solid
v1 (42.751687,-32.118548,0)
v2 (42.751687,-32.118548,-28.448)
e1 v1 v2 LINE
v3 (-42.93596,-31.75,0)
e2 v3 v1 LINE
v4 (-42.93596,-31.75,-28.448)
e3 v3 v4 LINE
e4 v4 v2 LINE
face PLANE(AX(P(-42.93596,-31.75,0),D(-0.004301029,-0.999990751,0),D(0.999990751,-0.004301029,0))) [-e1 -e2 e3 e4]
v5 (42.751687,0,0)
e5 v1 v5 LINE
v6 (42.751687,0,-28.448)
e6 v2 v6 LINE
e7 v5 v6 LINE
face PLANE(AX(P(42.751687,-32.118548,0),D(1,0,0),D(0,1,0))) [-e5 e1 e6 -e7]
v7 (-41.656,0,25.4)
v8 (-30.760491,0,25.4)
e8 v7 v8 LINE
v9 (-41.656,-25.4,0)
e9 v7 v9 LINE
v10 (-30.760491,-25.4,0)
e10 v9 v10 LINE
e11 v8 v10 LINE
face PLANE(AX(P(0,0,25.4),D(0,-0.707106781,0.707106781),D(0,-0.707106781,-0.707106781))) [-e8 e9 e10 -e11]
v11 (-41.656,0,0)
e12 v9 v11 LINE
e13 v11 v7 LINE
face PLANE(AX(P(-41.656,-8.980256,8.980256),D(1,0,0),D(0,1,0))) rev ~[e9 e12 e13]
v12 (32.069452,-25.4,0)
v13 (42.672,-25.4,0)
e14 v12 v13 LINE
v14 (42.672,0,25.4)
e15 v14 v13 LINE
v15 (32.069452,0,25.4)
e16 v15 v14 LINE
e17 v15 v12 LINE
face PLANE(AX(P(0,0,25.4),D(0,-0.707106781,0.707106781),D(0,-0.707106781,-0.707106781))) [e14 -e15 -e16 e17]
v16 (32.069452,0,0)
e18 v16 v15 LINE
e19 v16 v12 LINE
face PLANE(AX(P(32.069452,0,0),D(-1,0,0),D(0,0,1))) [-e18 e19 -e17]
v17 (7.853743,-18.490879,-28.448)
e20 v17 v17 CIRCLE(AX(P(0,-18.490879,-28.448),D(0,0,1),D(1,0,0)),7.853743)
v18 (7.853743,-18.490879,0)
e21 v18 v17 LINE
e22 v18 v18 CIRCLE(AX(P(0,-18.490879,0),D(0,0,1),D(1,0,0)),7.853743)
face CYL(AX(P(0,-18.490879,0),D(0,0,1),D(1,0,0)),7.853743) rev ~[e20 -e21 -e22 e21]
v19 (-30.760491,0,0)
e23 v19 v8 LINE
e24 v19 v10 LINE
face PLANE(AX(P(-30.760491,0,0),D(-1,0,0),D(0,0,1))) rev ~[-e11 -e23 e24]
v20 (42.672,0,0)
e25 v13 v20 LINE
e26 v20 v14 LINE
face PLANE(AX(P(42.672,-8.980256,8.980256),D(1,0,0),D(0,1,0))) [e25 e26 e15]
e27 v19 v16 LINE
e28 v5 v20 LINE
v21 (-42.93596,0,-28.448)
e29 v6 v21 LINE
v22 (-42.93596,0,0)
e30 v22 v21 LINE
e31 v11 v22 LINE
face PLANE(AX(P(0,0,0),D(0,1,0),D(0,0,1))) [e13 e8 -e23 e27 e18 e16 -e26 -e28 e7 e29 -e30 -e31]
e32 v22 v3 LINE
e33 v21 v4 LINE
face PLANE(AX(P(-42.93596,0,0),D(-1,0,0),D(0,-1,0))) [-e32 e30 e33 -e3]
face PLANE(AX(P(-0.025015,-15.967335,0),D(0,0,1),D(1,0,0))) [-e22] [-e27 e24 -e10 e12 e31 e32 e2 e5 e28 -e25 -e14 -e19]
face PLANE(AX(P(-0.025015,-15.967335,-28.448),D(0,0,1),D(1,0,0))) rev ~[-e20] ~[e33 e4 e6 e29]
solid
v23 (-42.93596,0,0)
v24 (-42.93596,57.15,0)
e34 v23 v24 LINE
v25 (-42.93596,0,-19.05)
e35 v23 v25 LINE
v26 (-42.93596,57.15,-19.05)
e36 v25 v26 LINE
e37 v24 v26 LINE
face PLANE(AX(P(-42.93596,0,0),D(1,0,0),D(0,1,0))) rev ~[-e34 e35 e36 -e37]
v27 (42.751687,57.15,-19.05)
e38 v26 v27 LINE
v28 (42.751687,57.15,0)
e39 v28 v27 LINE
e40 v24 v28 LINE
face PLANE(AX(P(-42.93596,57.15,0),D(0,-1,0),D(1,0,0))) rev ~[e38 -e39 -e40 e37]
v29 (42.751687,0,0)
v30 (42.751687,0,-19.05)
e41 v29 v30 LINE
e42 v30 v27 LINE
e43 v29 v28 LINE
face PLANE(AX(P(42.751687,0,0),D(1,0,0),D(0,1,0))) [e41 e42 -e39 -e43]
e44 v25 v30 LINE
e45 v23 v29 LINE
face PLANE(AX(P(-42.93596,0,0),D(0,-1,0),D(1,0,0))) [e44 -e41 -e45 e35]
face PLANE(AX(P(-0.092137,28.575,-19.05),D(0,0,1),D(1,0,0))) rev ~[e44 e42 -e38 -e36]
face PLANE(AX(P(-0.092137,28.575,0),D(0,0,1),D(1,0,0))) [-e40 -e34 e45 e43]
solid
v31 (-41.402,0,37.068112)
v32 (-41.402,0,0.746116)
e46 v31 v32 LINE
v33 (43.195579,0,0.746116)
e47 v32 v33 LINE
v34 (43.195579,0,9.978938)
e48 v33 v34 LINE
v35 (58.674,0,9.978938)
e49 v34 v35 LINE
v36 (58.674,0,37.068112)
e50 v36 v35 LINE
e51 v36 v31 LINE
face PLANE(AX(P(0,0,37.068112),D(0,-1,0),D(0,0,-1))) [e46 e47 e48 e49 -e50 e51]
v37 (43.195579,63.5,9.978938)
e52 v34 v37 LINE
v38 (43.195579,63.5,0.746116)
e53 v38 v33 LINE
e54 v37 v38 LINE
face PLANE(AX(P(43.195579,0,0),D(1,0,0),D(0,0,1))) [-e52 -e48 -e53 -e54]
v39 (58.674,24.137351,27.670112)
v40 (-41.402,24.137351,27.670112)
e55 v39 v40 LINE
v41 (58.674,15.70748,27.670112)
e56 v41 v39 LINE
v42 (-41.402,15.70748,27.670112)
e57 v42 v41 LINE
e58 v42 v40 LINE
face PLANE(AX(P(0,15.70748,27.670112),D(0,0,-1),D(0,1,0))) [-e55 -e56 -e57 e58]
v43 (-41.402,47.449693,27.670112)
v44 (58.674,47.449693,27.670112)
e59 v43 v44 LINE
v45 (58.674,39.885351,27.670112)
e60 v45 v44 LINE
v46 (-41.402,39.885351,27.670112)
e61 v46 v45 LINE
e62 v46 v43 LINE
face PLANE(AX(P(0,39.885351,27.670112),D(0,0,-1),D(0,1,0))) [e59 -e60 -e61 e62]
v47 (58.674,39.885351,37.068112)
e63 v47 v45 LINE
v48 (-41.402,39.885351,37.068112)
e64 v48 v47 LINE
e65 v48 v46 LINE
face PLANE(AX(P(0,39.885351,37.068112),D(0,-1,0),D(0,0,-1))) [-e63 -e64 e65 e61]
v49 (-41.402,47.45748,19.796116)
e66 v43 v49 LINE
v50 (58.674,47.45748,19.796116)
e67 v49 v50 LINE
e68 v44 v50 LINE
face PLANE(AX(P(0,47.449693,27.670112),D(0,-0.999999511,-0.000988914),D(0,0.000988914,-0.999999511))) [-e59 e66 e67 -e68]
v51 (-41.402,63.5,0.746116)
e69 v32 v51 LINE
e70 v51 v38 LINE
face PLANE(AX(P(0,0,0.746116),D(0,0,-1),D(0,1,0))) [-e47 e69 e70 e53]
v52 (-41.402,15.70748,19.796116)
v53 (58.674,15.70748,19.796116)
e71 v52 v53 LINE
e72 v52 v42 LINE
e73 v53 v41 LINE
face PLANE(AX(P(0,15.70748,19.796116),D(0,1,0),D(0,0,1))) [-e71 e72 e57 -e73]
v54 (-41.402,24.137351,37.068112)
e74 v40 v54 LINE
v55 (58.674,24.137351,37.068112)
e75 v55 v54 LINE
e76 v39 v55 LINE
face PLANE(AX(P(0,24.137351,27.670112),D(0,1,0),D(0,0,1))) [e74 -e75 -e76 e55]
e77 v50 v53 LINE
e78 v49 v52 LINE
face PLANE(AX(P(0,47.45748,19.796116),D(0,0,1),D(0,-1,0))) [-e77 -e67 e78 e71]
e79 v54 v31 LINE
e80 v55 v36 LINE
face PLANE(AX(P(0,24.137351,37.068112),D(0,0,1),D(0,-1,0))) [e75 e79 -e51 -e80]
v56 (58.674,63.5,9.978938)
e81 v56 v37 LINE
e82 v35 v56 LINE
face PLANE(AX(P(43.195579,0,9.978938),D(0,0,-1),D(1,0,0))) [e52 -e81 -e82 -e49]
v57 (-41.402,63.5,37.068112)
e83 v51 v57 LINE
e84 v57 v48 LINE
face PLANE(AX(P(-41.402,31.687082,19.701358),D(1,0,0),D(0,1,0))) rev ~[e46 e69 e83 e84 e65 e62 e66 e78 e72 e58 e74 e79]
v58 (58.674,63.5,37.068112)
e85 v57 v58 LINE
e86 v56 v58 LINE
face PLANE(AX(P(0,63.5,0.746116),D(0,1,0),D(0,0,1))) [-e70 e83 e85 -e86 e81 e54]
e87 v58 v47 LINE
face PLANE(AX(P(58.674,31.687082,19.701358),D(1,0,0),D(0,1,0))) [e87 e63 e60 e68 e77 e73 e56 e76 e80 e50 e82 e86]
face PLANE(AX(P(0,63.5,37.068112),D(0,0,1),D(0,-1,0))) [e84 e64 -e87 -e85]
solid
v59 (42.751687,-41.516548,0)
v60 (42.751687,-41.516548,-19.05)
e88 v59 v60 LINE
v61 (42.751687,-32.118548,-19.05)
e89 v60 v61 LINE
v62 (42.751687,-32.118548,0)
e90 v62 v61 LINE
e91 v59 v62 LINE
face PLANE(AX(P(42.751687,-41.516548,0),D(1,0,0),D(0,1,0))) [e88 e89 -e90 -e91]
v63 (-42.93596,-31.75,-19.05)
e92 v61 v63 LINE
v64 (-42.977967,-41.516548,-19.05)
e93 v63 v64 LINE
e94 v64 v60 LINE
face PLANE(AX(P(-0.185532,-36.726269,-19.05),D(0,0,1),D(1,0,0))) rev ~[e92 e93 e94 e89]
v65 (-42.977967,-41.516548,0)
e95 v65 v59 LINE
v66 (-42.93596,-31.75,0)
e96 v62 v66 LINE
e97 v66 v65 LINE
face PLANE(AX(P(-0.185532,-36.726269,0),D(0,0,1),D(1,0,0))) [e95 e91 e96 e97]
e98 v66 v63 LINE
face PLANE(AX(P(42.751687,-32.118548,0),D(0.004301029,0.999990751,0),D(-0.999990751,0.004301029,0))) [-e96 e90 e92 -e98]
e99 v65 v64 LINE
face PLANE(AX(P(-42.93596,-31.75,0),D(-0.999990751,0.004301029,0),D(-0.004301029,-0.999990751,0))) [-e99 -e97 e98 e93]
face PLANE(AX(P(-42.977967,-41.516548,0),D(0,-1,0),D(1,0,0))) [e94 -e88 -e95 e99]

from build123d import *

# Parameters (mm, degrees)
F0_W           = 85.6876475524
F0_H           = 57.15
F1_DEPTH       = 19.05
F2_DEPTH       = 19.05
F3_DEPTH       = 28.448
F5_DEPTH       = 42.672
F5_DEPTH_BACK  = 41.656
F6_W           = 62.8299433738
F6_H           = 26.9953813404
F7_DEPTH       = 187.452
F9_DEPTH       = 58.674
F9_DEPTH_BACK  = 41.402
F10_W          = 17.01644063
F10_H          = 9.9789379165
F11_DEPTH      = 129.286
F12_R          = 7.8537426889
F13_DEPTH      = 60.706
F13_DEPTH_BACK = 80.518


with BuildPart() as f1:
    # F0 (on Top) → F1 (new body)
    with BuildSketch(Plane.XY):
        with Locations((-0.0921365968, 28.575)):
            Rectangle(F0_W, F0_H)
    extrude(amount=-F1_DEPTH)


with BuildPart() as f2:
    # F0 (on Top) → F2 (new body)
    with BuildSketch(Plane.XY):
        Polygon((42.7516871794, -32.1185484849), (-42.935960373, -31.75), (-42.9779669719, -41.5165484849), (42.7516871794, -41.5165484849), align=None)
    extrude(amount=-F2_DEPTH)


with BuildPart() as f3:
    # F0 (on Top) → F3 (new body)
    with BuildSketch(Plane.XY):
        Polygon((42.7516871794, 0), (-42.935960373, 0), (-42.935960373, -31.75), (42.7516871794, -32.1185484849), align=None)
    extrude(amount=-F3_DEPTH)

    # F4 (on Right) → F5 (join, two sides)
    with BuildSketch(Plane.YZ) as f5_sk:
        Polygon((-25.4, 0), (0, 0), (0, 25.4), align=None)
    extrude(amount=F5_DEPTH)
    extrude(f5_sk.sketch, amount=-F5_DEPTH_BACK)

    # F6 (on Front) → F7 (cut)
    with BuildSketch(Plane.XZ):
        with Locations((0.6544804201, 13.4976906702)):
            Rectangle(F6_W, F6_H)
    extrude(amount=F7_DEPTH, mode=Mode.SUBTRACT)

    # F12 (on Top) → F13 (cut, two sides)
    with BuildSketch(Plane.XY) as f13_sk:
        with Locations((0, -18.4908788651)):
            Circle(F12_R)
    extrude(amount=F13_DEPTH, mode=Mode.SUBTRACT)
    extrude(f13_sk.sketch, amount=-F13_DEPTH_BACK, mode=Mode.SUBTRACT)


with BuildPart() as f9:
    # F8 (on Right) → F9 (new body, two sides)
    with BuildSketch(Plane.YZ) as f9_sk:
        Polygon((0, 37.0681124274), (0, 0.7461162776), (63.5, 0.7461162776), (63.5, 37.0681124274), (39.8853512744, 37.0681124274), (39.8853512744, 27.6701124274), (47.4496930838, 27.6701124274), (47.4574797899, 19.7961162776), (15.7074797899, 19.7961162776), (15.7074797899, 27.6701124274), (24.1373512744, 27.6701124274), (24.1373512744, 37.0681124274), align=None)
    extrude(amount=F9_DEPTH)
    extrude(f9_sk.sketch, amount=-F9_DEPTH_BACK)

    # F10 (on Front) → F11 (cut)
    with BuildSketch(Plane.XZ):
        with Locations((51.703799516, 4.9894689582)):
            Rectangle(F10_W, F10_H)
    extrude(amount=-F11_DEPTH, mode=Mode.SUBTRACT)


solid = Compound([f1.part, f2.part, f3.part, f9.part])
